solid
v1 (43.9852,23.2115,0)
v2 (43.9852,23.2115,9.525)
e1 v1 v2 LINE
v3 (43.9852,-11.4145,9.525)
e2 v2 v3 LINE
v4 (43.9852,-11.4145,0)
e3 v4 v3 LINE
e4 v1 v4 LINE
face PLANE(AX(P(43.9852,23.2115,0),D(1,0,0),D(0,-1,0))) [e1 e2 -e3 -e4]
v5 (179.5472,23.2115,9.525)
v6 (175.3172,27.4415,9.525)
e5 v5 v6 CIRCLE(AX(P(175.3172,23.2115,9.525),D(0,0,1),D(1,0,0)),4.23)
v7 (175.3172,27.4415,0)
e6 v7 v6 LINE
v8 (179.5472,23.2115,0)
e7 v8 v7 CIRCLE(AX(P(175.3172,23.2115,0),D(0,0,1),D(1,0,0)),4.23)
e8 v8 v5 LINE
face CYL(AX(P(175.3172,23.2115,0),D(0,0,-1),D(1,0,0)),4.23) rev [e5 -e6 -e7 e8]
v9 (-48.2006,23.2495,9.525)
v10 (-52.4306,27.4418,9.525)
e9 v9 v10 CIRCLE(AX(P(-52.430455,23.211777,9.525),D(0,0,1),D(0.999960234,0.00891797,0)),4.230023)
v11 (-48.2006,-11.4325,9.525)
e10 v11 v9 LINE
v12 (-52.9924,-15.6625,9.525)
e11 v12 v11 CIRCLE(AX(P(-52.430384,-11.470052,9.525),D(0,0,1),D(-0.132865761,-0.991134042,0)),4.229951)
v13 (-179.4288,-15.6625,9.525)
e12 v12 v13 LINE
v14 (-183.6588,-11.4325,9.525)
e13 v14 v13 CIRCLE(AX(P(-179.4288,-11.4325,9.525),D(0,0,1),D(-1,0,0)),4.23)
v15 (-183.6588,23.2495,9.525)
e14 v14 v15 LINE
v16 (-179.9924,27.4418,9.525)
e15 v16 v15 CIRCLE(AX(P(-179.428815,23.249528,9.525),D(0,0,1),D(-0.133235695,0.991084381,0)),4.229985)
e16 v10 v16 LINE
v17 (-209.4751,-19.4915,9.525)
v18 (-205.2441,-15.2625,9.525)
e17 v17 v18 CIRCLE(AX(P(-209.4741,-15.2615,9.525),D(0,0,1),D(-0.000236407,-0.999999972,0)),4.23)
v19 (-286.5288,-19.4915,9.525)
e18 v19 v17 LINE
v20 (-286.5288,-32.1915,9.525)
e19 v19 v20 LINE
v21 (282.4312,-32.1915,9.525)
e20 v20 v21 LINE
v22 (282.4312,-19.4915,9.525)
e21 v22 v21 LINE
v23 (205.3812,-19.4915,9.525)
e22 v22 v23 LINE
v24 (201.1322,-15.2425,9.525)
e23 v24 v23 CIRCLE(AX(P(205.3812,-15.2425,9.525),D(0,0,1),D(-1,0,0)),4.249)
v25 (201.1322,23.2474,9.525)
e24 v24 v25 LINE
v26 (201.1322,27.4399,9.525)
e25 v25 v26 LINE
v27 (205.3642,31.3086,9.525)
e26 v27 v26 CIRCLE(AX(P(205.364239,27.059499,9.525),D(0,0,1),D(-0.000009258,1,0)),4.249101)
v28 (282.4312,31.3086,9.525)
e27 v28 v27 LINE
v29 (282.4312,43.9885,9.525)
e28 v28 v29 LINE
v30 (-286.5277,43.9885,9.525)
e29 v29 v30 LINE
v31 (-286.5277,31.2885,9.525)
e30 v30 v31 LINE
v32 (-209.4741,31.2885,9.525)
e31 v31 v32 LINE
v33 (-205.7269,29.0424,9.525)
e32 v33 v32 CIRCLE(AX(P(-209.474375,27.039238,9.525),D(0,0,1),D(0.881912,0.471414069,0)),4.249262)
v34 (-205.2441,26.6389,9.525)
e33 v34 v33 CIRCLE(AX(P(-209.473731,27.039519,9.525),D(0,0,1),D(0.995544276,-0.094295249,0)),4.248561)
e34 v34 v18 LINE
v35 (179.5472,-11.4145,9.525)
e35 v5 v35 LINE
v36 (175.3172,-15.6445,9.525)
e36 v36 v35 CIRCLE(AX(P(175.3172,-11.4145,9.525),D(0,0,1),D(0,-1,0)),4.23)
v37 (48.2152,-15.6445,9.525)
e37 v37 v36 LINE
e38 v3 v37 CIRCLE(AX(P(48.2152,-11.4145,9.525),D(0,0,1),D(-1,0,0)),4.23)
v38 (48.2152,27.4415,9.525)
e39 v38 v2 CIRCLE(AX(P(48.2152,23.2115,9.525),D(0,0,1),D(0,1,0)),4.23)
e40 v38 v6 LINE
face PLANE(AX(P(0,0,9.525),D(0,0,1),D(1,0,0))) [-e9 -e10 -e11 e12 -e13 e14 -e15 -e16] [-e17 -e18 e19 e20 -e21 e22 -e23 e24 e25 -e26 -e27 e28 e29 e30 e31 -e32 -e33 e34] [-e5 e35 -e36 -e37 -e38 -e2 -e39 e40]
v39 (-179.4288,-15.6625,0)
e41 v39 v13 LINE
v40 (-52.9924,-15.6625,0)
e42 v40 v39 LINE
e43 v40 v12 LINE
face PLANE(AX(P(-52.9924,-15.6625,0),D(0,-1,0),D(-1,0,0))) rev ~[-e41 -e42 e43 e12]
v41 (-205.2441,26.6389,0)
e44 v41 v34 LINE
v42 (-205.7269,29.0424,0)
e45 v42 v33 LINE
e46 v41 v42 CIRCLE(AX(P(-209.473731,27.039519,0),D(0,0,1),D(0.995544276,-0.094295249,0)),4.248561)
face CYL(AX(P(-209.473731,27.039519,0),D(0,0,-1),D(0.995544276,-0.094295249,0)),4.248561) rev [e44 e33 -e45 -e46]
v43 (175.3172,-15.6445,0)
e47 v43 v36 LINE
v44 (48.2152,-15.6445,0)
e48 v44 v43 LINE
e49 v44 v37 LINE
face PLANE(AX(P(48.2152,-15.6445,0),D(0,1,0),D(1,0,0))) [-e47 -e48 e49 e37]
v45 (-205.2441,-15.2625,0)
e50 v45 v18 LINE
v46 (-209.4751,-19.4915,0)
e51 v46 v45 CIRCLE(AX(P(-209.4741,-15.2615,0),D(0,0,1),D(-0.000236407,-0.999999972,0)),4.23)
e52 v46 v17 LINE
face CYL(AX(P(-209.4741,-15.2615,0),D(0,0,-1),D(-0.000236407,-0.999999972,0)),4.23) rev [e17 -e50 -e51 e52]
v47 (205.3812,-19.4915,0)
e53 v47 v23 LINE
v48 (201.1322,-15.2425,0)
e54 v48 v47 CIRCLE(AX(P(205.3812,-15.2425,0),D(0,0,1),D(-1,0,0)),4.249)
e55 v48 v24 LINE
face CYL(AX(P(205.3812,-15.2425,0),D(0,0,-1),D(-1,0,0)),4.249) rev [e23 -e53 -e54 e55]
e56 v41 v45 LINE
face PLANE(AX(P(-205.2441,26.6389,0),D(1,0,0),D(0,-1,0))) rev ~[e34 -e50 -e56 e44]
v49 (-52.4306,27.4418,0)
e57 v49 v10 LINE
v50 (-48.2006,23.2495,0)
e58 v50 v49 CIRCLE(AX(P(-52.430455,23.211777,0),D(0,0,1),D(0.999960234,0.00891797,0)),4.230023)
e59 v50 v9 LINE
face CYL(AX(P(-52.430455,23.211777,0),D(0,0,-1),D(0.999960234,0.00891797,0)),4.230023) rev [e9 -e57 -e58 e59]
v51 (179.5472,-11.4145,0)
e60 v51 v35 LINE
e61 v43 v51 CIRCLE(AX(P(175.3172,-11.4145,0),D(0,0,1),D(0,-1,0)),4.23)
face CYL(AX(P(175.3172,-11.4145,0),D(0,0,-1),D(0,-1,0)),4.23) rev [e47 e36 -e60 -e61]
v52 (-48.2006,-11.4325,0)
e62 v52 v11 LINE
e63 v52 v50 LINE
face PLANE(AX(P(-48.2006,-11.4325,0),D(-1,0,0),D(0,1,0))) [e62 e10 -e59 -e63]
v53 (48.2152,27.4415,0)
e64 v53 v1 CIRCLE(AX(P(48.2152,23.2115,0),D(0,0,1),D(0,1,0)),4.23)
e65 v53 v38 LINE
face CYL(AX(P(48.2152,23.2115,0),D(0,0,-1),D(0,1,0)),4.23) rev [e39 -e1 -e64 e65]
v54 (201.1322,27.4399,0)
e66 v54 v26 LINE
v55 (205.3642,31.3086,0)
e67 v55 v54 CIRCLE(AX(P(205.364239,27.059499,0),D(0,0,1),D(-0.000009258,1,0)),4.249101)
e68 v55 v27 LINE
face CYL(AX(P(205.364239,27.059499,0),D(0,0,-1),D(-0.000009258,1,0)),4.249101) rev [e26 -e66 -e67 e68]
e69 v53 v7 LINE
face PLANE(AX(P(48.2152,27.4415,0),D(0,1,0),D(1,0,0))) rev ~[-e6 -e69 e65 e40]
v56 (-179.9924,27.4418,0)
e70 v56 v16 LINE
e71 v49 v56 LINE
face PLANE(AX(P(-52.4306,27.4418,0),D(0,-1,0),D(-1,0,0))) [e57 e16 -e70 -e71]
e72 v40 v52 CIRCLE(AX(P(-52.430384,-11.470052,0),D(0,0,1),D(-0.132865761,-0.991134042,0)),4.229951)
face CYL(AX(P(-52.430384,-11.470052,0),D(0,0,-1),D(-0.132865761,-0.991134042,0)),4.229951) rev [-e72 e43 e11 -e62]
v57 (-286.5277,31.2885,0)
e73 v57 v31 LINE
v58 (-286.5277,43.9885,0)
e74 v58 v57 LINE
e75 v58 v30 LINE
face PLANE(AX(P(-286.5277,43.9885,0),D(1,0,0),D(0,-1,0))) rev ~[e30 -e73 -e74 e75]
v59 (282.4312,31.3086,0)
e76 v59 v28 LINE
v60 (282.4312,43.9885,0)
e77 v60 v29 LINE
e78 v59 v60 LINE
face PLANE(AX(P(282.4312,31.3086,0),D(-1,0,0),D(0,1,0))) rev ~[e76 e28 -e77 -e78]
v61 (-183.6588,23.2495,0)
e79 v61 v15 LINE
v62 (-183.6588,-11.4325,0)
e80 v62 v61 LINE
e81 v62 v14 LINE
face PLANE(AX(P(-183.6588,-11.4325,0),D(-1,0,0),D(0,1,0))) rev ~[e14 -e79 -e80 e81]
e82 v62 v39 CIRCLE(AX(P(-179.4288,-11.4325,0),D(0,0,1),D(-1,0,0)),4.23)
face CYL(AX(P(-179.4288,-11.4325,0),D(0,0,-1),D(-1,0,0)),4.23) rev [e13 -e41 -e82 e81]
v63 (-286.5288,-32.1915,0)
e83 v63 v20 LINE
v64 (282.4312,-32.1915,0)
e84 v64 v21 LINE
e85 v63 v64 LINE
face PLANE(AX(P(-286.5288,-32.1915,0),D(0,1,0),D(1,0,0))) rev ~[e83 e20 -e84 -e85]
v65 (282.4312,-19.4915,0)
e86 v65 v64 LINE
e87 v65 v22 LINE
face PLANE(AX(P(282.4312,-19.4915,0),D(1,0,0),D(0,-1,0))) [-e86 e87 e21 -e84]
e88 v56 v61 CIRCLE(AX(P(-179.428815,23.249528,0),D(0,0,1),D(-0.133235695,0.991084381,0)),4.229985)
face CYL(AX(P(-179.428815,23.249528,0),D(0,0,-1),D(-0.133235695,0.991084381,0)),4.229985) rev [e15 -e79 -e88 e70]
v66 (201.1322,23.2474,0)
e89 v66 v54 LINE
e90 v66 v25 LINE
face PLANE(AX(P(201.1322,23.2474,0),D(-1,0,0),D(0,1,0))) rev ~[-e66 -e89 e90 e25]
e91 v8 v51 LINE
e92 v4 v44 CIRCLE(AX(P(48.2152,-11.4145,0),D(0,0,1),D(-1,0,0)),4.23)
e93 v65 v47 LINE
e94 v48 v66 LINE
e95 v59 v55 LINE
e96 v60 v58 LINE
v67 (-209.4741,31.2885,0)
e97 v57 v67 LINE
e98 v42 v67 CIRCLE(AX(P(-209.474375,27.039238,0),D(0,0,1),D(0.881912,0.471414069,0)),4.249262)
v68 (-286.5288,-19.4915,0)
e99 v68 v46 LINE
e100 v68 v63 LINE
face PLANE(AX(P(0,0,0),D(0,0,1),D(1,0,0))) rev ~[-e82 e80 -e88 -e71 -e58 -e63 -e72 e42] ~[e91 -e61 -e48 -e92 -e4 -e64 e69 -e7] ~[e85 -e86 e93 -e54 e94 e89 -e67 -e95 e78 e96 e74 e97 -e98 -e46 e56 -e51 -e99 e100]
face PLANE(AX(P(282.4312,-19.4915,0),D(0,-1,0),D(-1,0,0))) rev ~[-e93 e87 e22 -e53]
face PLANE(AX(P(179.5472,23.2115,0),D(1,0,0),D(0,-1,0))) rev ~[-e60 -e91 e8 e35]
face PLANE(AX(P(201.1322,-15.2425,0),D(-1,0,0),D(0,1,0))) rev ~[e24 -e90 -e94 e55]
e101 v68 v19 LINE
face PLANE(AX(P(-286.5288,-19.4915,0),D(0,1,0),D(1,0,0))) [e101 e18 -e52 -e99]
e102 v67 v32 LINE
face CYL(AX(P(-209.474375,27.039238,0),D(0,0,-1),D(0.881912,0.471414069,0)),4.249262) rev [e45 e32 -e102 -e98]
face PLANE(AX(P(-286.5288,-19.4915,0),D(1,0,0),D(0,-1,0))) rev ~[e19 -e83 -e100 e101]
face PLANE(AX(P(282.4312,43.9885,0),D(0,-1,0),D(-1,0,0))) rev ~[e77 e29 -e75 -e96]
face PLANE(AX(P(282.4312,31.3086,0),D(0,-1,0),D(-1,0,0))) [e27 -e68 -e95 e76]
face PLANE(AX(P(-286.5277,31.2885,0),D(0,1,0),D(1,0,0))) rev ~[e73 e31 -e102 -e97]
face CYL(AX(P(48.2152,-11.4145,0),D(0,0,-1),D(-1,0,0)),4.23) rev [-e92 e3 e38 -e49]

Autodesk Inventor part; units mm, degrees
ref_plane "YZ Plane" through (0, 0, 0) normal (1, 0, 0) x (0, 1, 0)
ref_plane "XZ Plane" through (0, 0, 0) normal (0, 1, 0) x (-1, 0, 0)
ref_plane "XY Plane" through (0, 0, 0) normal (0, 0, 1) x (1, 0, 0)
sketch "Sketch1" plane through (0, 0, 0) normal (0, 0, 1) x (1, 0, 0)
  line L0 (282.4312, 43.9885) -> (-286.5277, 43.9885)
  line L1 (-286.5288, -32.1915) -> (282.4312, -32.1915)
  line L2 (-286.5277, 43.9885) -> (-286.5277, 31.2885)
  line L3 (-286.5288, -19.4915) -> (-286.5288, -32.1915)
  line L4 (282.4312, 31.3086) -> (282.4312, 43.9885)
  line L5 (282.4312, -19.4915) -> (282.4312, -32.1915)
  arc A0 (-205.7269, 29.0424) -> (-209.4741, 31.2885) centre (-209.4741, 27.0395) ccw
  arc A1 (-205.2441, 26.6389) -> (-205.7269, 29.0424) centre (-209.4741, 27.0395) ccw
  arc A2 (-209.4751, -19.4915) -> (-205.2441, -15.2625) centre (-209.4741, -15.2615) ccw
  arc A3 (-179.9924, 27.4418) -> (-183.6588, 23.2495) centre (-179.4288, 23.2495) ccw
  arc A4 (-183.6588, -11.4325) -> (-179.4288, -15.6625) centre (-179.4288, -11.4325) ccw
  arc A5 (-48.2006, 23.2495) -> (-52.4306, 27.4418) centre (-52.4304, 23.2118) ccw
  arc A6 (-52.9924, -15.6625) -> (-48.2006, -11.4325) centre (-52.4304, -11.47) ccw
  line L6 (-52.4306, 27.4418) -> (-179.9924, 27.4418)
  line L7 (-52.9924, -15.6625) -> (-179.4288, -15.6625)
  line L8 (-48.2006, -11.4325) -> (-48.2006, 23.2495)
  line L9 (-183.6588, -11.4325) -> (-183.6588, 23.2495)
  arc A7 (205.3642, 31.3086) -> (201.1322, 27.4399) centre (205.3642, 27.0596) ccw
  arc A8 (201.1322, -15.2425) -> (205.3812, -19.4915) centre (205.3812, -15.2425) ccw
  line L10 (201.1322, -15.2425) -> (201.1322, 23.2474)
  line L11 (201.1322, 23.2474) -> (201.1322, 27.4399)
  line L12 (282.4312, 31.3086) -> (205.3642, 31.3086)
  line L13 (282.4312, -19.4915) -> (205.3812, -19.4915)
  line L14 (-286.5288, -19.4915) -> (-209.4751, -19.4915)
  line L15 (-286.5277, 31.2885) -> (-209.4741, 31.2885)
  line L16 (-205.2441, 26.6389) -> (-205.2441, -15.2625)
  arc A9 (48.2152, 27.4415) -> (43.9852, 23.2115) centre (48.2152, 23.2115) ccw
  arc A10 (43.9852, -11.4145) -> (48.2152, -15.6445) centre (48.2152, -11.4145) ccw
  arc A11 (179.5472, 23.2115) -> (175.3172, 27.4415) centre (175.3172, 23.2115) ccw
  arc A12 (175.3172, -15.6445) -> (179.5472, -11.4145) centre (175.3172, -11.4145) ccw
  line L17 (48.2152, 27.4415) -> (175.3172, 27.4415)
  line L18 (48.2152, -15.6445) -> (175.3172, -15.6445)
  line L19 (43.9852, 23.2115) -> (43.9852, -11.4145)
  line L20 (179.5472, 23.2115) -> (179.5472, -11.4145)
  point P0 (0, 0)
  dimension "d44" = 135.4582
  dimension "d45" = 43.1043
  dimension "d46" = 16.5467
  dimension "d47" = 16.529
  dimension "d48" = 21.5853
  dimension "d58" = 92.1858
extrude "Extrusion1" add sketch "Sketch1" along normal blind 9.525
equation "\"BendRadius\" = Thickness"
equation "\"BendReliefWidth\" = Thickness"
equation "\"BendReliefDepth\" = 0.5 * Thickness"
equation "\"CornerReliefSize\" = 4 * Thickness"
equation "\"MinimumRemnant\" = 2 * Thickness"
equation "\"TransitionRadius\" = BendRadius"
equation "\"JacobiRadiusSize\" = BendRadius"
equation "\"GapSize\" = Thickness"
equation "\"Thickness\" = 0.5"
properties part number "sheetmetal" material "Aluminum 6061"
